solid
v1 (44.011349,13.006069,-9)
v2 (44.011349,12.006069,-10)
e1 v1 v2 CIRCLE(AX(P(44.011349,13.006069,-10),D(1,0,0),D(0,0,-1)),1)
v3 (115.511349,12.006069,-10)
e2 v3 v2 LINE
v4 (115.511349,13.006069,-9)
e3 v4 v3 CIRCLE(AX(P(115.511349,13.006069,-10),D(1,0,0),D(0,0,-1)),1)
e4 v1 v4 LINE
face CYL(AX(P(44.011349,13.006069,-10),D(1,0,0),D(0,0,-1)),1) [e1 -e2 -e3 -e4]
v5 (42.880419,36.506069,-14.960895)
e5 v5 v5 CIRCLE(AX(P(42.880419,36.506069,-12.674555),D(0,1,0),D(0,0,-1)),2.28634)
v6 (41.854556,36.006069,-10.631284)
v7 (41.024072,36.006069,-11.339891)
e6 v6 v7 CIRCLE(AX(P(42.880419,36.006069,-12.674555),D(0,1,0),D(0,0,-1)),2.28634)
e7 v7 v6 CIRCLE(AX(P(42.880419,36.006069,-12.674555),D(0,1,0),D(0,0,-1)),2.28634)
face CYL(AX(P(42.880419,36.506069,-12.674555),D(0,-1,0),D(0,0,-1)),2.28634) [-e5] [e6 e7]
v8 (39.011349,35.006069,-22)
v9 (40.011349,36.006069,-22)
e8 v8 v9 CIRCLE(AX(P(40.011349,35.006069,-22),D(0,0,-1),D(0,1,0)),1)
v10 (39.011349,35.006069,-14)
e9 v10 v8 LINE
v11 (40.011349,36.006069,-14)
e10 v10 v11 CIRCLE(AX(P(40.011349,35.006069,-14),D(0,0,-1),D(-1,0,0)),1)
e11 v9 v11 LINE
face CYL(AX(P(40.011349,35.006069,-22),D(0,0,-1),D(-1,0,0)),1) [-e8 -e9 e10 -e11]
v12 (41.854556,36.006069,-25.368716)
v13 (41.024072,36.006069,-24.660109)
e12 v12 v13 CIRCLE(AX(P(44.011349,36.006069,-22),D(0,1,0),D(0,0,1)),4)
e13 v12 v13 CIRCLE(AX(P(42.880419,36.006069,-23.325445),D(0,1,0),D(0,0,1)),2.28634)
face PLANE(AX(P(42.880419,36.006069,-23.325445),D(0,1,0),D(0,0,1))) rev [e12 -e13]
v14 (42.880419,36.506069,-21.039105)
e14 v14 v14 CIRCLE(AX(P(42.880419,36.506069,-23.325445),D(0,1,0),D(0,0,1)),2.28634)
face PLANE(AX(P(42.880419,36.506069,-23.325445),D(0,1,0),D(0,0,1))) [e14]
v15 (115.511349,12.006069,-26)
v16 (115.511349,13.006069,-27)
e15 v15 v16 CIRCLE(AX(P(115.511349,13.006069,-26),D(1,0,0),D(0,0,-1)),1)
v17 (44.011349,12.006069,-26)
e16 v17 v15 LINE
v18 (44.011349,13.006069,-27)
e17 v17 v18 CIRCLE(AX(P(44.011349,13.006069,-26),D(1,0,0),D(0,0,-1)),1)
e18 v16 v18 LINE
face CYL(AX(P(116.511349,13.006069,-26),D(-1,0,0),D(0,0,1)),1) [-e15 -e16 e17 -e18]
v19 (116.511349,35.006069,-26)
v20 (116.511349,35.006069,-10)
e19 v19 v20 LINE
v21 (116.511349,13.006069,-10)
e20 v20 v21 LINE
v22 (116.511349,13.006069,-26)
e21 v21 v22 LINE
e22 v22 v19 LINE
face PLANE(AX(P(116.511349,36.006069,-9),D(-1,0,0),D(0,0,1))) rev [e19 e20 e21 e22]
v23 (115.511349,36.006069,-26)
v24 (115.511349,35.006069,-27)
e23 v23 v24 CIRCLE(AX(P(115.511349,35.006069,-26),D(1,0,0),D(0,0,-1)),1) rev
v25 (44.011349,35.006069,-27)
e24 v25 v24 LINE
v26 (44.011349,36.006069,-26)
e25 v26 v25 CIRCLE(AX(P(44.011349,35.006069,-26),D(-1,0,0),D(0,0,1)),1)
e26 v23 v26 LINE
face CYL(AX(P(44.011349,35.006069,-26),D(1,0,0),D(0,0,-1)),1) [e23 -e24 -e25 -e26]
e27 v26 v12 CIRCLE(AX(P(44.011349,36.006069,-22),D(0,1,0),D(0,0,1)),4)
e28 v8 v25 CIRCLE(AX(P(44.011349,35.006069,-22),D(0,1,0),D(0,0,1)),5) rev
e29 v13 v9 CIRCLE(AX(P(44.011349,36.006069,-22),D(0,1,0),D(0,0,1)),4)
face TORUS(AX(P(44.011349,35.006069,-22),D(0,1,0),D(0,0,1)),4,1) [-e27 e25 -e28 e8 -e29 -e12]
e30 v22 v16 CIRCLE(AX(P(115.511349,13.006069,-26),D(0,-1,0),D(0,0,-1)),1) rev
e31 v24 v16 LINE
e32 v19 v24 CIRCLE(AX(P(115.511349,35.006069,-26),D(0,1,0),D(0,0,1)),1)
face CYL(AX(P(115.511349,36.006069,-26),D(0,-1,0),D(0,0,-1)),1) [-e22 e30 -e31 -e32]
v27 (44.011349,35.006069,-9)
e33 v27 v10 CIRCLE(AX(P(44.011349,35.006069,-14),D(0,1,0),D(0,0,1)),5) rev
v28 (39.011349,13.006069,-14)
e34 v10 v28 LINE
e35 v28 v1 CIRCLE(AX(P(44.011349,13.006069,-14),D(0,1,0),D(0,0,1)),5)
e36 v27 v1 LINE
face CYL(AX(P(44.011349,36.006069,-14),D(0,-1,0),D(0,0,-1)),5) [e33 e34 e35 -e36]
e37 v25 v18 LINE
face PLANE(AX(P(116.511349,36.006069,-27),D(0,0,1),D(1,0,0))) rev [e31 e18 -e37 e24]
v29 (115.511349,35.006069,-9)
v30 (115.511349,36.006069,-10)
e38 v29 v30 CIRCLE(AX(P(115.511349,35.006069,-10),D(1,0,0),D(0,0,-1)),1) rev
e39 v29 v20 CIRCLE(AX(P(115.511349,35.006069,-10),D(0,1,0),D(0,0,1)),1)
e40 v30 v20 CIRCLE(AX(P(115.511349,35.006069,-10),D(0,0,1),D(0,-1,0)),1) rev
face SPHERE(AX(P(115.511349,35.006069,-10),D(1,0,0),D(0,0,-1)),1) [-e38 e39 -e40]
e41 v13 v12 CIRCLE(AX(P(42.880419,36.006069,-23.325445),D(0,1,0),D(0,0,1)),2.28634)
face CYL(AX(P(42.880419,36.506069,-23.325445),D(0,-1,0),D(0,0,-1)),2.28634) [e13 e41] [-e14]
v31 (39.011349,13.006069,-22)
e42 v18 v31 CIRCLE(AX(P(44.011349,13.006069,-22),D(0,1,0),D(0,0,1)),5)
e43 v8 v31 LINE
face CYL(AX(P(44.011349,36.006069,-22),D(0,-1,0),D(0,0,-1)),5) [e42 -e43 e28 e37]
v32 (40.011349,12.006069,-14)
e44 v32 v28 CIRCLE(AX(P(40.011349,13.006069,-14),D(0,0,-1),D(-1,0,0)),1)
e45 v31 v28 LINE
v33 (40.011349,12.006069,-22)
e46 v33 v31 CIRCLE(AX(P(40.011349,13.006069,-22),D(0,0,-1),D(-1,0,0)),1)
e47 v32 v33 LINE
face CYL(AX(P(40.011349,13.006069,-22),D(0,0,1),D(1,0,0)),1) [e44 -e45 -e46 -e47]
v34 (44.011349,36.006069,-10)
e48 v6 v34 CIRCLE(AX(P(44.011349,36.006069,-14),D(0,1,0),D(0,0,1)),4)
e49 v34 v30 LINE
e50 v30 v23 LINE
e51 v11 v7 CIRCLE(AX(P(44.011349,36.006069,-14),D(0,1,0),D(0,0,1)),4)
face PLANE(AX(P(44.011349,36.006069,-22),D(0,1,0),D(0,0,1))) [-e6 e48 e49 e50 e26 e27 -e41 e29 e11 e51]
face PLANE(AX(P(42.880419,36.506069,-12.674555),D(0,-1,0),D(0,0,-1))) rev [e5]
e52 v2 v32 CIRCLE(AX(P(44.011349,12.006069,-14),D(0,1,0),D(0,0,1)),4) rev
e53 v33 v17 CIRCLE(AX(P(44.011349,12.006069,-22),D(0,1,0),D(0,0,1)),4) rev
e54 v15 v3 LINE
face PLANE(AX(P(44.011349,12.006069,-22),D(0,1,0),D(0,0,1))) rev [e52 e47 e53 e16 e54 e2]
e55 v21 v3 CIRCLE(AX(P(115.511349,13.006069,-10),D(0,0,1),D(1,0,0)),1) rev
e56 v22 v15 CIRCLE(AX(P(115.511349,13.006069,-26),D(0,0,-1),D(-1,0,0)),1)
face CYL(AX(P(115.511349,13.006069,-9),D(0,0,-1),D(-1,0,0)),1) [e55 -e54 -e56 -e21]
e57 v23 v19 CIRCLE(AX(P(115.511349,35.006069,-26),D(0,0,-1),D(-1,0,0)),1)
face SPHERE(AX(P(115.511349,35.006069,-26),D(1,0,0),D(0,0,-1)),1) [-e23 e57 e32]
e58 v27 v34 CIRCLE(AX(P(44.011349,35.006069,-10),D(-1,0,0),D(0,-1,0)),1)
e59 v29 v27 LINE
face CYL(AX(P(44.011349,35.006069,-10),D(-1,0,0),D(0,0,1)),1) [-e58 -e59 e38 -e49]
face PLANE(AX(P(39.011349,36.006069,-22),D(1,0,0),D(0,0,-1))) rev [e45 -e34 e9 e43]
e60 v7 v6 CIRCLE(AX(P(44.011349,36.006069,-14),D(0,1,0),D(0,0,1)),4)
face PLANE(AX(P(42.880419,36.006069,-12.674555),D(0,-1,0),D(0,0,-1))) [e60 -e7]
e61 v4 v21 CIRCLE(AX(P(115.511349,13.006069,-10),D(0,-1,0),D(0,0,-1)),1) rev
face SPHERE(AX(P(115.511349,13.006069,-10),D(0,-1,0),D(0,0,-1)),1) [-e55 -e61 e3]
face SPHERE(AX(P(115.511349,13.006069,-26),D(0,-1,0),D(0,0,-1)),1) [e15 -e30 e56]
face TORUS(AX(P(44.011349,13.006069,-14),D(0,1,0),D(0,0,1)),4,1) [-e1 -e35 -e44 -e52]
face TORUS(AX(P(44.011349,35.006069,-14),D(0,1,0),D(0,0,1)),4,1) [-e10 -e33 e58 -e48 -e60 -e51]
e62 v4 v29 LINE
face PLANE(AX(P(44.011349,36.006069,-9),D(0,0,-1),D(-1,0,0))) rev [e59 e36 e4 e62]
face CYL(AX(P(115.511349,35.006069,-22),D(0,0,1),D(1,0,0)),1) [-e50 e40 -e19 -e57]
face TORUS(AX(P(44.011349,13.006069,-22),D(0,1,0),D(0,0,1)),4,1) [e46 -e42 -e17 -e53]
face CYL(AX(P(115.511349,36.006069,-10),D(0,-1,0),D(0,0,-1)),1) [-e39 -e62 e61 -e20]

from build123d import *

# Parameters (mm, degrees)
BOSS_EXTRUDE1_DEPTH = 48
FILLET1_R           = 2
SKETCH7_R           = 4.572679887
BOSS_EXTRUDE3_DEPTH = 1
L_EK1_SCALE         = 0.5


with BuildPart() as part:
    # Sketch3 → Boss-Extrude1 (new body)
    with BuildSketch(Plane(origin=(0, 0, 0), x_dir=(1, 0, 0), z_dir=(0, 1, 0))):
        with BuildLine():
            Line((10, 0), (155, 0))
            Line((155, 0), (155, 36))
            Line((155, 36), (10, 36))
            ThreePointArc((10, 36), (2.928932188, 33.071067812), (0, 26))
            Line((0, 26), (0, 10))
            ThreePointArc((0, 10), (2.928932188, 2.928932188), (10, 0))
        make_face()
    extrude(amount=BOSS_EXTRUDE1_DEPTH)

    # Fillet1
    fillet1_edges = [part.edges().sort_by_distance(p)[0] for p in [
        (155, 24, 0),
        (155, 24, -36),
        (2.928932188, 48, -33.071067812),
        (0, 48, -18),
        (2.928932188, 48, -2.928932188),
        (82.5, 48, 0),
        (155, 48, -18),
        (82.5, 0, 0),
        (2.928932188, 0, -2.928932188),
        (0, 0, -18),
        (2.928932188, 0, -33.071067812),
        (82.5, 0, -36),
        (155, 0, -18),
        (82.5, 48, -36),
    ]]
    fillet(fillet1_edges, radius=FILLET1_R)

    # Sketch7 → Boss-Extrude3 (add)
    with BuildSketch(Plane(origin=(0, 48, 0), x_dir=(1, 0, 0), z_dir=(0, 1, 0))):
        with Locations(Location((7.738139678, 28.650889337, 0), (0, 0, 116.659797152))):
            Circle(SKETCH7_R)
        with Locations(Location((7.738139678, 7.349110663, 0), (0, 0, 90))):
            Circle(SKETCH7_R)
    extrude(amount=BOSS_EXTRUDE3_DEPTH)


with BuildPart() as part_1:
    # Ölçek1: scaled about (78.022697694, 24.012137282, -18)
    add(part.part.scale(L_EK1_SCALE).moved(Location((39.011348847, 12.006068641, -9))))


solid = part_1.part
